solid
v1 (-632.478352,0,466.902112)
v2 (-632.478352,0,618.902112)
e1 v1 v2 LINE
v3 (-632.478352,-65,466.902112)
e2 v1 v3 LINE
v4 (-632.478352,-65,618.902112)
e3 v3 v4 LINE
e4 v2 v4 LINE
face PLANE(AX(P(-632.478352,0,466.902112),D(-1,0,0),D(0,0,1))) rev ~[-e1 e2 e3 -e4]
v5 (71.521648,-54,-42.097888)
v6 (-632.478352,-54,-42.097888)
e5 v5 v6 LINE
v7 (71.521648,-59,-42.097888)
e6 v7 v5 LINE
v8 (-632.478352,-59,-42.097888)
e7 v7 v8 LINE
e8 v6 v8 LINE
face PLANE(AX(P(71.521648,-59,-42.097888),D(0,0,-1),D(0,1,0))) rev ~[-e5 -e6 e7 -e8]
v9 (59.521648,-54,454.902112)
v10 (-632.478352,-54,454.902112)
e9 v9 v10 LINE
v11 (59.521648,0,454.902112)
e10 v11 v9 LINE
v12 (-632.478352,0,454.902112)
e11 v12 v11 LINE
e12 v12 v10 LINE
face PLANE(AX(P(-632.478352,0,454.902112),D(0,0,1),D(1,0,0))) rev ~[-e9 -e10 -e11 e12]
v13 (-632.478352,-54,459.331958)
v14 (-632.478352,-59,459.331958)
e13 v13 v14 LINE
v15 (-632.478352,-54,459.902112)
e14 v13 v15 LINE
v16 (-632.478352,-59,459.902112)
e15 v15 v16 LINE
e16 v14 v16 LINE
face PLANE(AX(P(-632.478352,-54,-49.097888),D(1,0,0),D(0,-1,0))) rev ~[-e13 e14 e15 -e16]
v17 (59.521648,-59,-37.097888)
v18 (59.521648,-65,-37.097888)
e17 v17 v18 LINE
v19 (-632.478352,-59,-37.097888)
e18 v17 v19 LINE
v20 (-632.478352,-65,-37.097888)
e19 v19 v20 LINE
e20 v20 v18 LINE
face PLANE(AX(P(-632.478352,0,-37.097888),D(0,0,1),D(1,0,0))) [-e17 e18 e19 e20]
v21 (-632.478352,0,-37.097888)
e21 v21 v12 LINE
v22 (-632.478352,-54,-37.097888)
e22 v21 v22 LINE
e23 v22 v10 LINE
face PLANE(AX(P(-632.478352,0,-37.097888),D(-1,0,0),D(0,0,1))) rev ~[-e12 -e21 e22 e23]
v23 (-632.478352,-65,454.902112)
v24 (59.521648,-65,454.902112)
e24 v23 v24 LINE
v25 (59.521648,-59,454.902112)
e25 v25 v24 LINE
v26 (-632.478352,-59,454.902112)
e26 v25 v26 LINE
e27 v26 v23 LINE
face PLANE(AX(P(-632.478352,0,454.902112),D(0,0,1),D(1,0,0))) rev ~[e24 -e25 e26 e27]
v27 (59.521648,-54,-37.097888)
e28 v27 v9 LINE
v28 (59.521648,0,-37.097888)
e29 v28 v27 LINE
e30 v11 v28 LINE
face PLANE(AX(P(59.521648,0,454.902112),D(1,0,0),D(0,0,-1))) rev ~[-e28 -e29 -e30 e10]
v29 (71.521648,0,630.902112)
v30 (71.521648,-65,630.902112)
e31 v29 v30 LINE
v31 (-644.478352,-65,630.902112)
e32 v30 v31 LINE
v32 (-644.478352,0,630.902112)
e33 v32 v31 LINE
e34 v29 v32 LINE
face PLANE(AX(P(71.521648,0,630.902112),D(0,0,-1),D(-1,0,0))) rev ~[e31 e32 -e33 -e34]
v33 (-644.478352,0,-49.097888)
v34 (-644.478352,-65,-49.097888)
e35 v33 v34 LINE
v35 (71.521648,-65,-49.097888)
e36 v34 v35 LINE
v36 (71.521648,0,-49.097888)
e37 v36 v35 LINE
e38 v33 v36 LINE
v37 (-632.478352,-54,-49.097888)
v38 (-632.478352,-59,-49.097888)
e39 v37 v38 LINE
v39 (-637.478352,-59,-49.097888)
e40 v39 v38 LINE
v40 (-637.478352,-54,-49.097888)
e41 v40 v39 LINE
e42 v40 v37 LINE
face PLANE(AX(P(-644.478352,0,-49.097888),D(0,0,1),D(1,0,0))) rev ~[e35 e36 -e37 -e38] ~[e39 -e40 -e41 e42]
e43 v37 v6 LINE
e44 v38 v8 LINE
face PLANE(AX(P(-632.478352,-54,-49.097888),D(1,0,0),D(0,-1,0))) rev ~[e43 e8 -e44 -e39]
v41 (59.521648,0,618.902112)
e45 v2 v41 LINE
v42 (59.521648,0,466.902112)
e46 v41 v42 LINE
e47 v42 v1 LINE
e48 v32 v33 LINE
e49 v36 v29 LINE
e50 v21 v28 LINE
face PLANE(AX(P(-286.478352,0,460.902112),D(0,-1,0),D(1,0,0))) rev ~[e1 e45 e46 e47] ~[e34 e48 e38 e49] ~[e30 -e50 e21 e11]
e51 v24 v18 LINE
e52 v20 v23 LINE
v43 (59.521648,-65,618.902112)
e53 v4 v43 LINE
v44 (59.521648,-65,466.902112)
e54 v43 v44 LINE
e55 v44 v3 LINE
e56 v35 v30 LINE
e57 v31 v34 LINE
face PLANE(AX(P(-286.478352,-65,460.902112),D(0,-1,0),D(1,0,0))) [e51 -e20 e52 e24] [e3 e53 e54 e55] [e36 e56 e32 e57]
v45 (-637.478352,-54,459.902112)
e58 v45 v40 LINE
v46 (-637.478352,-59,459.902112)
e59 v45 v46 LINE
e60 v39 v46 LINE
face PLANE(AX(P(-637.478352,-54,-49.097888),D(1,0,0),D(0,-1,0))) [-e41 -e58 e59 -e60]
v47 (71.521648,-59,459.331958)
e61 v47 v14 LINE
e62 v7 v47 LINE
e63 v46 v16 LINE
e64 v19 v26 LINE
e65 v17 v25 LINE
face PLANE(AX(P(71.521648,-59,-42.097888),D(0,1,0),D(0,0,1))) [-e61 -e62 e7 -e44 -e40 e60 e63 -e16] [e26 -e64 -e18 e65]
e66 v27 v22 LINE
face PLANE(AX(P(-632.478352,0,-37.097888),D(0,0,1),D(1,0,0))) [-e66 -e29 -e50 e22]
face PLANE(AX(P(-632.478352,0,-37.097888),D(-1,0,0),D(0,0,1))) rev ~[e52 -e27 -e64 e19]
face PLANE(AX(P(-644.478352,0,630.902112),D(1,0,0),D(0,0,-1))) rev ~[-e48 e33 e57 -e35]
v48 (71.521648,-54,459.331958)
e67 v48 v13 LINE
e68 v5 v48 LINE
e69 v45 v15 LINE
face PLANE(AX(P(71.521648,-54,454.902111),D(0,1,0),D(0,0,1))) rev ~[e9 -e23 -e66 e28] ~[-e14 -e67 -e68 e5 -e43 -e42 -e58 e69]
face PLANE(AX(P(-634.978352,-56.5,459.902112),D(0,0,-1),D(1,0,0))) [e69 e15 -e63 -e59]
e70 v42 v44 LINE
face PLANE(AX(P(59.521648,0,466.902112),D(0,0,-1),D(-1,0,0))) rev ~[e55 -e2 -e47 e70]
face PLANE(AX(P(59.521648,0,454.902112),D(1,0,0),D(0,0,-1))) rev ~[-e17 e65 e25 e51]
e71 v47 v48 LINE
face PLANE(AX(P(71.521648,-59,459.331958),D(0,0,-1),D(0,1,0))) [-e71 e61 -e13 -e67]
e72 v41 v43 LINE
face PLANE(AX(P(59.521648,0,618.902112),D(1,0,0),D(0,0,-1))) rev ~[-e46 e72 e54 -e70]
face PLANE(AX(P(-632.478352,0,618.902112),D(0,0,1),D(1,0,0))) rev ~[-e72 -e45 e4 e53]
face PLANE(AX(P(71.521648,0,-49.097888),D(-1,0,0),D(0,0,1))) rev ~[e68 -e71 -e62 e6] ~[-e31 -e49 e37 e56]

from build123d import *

# Parameters (mm, degrees)
F0_W     = 692
F0_H     = 12
F1_DEPTH = 65
F2_W     = 5
F2_H     = 5
F3_DEPTH = 709
F4_W     = 5
F4_H     = 4.429847
F5_DEPTH = 709
F6_W     = 5
F6_H     = 5
F7_DEPTH = 509
F8_W     = 5
F8_H     = 492
F9_DEPTH = 12


with BuildPart() as f1:
    # F0 (on Front) → F1 (new body)
    with BuildSketch(Plane.XZ):
        Polygon((59.521648, 466.902112), (-632.478352, 466.902112), (-636.478352, 466.902112), (-636.478352, 454.902112), (-632.478352, 454.902112), (59.521648, 454.902112), (63.521648, 454.902112), (63.521648, 466.902112), align=None)
        Polygon((-634.478352, 630.902112), (-644.478352, 630.902112), (-644.478352, -49.097888), (-632.478352, -49.097888), (-632.478352, -37.097888), (-632.478352, 454.902112), (-636.478352, 454.902112), (-636.478352, 466.902112), (-632.478352, 466.902112), (-632.478352, 618.902112), (-632.478352, 630.902112), align=None)
        with Locations((-286.478352, 624.902112)):
            Rectangle(F0_W, F0_H)
        Polygon((71.521648, 630.902112), (59.521648, 630.902112), (59.521648, 618.902112), (59.521648, 466.902112), (63.521648, 466.902112), (63.521648, 454.902112), (59.521648, 454.902112), (59.521648, -37.097888), (59.521648, -49.097888), (71.521648, -49.097888), align=None)
        with Locations((-286.478352, -43.097888)):
            Rectangle(F0_W, F0_H)
    extrude(amount=F1_DEPTH)

    # F2 (on face) → F3 (cut)
    with BuildSketch(Plane.YZ.offset(71.521648)):
        with Locations((-56.5, -39.597888)):
            Rectangle(F2_W, F2_H)
    extrude(amount=-F3_DEPTH, mode=Mode.SUBTRACT)

    # F4 (on face) → F5 (cut)
    with BuildSketch(Plane.YZ.offset(71.521648)):
        with Locations((-56.5, 457.117035)):
            Rectangle(F4_W, F4_H)
    extrude(amount=-F5_DEPTH, mode=Mode.SUBTRACT)

    # F6 (on face) → F7 (cut)
    with BuildSketch(Plane(origin=(0, 0, -49.097888), x_dir=(1, 0, 0), z_dir=(0, 0, -1))):
        with Locations((-634.978352, 56.5)):
            Rectangle(F6_W, F6_H)
    extrude(amount=-F7_DEPTH, mode=Mode.SUBTRACT)

    # F8 (on face) → F9 (cut)
    with BuildSketch(Plane.YZ.offset(71.521648)):
        with Locations((-56.5, 208.902112)):
            Rectangle(F8_W, F8_H)
    extrude(amount=-F9_DEPTH, mode=Mode.SUBTRACT)


solid = f1.part
